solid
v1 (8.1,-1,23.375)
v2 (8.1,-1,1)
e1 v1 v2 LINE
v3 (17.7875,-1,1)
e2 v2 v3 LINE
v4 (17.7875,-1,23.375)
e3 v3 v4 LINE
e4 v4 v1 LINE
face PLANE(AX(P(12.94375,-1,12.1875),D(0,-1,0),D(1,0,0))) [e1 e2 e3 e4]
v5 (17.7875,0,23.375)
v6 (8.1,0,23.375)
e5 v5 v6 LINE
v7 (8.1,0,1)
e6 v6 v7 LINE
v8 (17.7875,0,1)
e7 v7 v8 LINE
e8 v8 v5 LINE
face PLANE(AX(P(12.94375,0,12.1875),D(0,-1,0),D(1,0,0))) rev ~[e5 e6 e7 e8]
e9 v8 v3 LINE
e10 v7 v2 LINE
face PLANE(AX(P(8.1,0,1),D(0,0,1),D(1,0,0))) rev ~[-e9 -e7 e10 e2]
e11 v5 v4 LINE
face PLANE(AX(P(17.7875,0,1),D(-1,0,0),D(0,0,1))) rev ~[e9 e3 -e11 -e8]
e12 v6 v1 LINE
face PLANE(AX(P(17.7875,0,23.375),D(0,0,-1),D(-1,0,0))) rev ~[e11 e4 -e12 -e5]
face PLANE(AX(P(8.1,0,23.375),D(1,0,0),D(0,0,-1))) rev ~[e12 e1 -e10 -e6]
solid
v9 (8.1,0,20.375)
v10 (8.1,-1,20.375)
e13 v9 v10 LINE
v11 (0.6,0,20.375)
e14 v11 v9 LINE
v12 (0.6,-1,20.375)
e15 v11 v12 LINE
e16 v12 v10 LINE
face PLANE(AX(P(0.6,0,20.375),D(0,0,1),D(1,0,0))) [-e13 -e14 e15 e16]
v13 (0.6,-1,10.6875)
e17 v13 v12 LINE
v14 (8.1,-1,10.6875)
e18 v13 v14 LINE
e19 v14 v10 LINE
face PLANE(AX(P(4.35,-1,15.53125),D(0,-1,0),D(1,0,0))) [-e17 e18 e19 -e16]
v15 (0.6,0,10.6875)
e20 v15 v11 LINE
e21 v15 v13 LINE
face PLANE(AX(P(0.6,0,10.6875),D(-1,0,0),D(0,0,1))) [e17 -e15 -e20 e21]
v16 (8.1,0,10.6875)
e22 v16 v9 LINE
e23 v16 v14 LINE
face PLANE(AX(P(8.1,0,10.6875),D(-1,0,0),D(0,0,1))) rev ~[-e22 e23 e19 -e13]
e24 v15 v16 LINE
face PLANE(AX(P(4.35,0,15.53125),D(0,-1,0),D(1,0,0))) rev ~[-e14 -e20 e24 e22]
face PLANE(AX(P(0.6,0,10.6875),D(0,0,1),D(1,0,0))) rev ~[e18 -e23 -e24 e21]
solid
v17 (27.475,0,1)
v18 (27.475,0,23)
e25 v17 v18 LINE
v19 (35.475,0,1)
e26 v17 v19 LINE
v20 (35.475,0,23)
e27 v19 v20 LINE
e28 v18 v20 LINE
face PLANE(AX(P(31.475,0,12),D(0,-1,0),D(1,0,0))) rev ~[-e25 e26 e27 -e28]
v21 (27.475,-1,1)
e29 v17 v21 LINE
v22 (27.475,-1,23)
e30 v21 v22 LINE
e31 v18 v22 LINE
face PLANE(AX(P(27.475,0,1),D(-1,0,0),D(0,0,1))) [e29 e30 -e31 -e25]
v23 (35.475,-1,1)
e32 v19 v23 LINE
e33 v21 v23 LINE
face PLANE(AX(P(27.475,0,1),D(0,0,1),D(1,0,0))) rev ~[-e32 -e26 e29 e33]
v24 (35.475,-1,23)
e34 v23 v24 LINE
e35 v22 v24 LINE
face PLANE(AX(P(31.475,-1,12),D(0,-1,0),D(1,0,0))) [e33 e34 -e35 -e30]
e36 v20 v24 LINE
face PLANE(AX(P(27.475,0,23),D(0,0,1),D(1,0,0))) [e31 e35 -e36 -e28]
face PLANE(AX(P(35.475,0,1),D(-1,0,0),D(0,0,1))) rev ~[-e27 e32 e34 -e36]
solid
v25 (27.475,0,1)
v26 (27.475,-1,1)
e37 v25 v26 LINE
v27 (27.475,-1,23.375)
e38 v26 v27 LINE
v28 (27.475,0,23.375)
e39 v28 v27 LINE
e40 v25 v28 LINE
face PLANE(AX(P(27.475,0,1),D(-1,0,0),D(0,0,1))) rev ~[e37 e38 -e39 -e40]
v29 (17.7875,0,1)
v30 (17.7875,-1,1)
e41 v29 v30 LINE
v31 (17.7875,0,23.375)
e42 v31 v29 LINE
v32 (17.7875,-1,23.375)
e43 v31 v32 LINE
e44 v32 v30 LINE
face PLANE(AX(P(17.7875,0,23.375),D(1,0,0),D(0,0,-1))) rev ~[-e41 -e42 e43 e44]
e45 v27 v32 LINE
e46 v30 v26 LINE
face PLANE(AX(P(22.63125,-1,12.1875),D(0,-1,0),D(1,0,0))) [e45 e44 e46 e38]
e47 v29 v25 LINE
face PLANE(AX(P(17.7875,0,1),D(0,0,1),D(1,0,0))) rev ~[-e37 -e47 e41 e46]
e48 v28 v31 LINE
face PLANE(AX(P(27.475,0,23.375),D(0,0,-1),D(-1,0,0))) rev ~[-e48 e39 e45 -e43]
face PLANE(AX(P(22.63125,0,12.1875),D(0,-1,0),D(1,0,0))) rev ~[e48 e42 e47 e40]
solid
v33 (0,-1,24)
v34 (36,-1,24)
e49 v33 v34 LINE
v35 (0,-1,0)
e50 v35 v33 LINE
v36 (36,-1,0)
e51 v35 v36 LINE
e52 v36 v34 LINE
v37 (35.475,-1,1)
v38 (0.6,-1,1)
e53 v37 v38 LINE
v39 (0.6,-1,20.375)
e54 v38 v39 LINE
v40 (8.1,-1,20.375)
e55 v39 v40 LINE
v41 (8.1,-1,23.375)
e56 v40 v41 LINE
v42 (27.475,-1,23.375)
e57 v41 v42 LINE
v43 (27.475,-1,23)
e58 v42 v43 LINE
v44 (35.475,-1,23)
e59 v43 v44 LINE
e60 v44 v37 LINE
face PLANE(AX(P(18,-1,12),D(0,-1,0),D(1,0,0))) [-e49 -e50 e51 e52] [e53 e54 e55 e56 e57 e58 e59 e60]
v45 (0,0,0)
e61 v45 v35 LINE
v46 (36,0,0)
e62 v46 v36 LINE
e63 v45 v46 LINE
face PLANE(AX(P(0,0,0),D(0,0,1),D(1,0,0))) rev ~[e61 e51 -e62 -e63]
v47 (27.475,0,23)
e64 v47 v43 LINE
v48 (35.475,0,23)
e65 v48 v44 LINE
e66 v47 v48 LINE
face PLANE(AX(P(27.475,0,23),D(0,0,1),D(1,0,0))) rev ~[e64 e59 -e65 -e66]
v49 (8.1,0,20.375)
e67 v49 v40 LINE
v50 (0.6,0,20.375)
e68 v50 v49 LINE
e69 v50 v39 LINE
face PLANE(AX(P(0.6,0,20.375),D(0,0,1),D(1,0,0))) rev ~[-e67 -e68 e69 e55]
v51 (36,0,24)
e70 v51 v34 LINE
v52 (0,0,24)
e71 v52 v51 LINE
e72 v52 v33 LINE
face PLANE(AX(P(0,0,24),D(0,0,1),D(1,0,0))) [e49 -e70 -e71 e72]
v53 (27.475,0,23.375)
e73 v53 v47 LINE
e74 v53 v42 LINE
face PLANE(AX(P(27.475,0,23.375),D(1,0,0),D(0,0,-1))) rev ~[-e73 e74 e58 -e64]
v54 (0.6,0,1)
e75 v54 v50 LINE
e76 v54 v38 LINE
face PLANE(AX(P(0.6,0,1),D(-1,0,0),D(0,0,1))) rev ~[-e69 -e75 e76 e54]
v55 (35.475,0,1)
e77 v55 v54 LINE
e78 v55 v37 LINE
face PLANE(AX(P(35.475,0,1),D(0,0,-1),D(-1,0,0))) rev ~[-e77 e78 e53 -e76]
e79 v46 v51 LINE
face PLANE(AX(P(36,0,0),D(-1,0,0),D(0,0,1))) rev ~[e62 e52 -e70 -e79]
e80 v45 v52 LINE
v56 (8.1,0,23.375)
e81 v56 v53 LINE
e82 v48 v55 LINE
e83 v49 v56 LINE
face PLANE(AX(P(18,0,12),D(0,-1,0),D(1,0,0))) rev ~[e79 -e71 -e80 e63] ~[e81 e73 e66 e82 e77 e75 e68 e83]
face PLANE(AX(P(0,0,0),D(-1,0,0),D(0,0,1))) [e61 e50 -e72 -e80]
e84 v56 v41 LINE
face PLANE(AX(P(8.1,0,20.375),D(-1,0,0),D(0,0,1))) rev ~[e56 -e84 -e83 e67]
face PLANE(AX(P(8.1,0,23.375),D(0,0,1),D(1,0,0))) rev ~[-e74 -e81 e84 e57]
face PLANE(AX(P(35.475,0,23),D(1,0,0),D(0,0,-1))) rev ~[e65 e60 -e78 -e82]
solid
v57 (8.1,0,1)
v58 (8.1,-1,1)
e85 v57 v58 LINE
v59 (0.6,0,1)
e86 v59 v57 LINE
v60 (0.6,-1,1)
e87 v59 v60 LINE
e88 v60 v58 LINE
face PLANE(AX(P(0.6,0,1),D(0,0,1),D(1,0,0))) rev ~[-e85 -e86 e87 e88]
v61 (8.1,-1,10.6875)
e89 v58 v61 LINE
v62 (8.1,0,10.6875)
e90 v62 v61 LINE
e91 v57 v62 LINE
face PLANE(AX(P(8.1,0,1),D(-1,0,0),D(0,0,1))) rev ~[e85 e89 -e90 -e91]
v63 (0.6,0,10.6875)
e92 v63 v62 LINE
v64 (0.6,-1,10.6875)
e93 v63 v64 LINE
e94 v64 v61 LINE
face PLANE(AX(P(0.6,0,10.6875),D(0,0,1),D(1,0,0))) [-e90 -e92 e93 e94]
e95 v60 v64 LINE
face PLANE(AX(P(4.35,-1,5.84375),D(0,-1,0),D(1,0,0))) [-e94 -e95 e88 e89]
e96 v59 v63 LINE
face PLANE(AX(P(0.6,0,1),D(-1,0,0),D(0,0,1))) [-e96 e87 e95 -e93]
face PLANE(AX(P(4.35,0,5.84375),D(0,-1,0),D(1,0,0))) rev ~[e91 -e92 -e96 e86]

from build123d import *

# Parameters (mm, degrees)
F0_W     = 36
F0_H     = 24
F1_DEPTH = 1
F2_DEPTH = 1
F0_W_2   = 7.5
F0_H_2   = 9.6875
F3_DEPTH = 1
F4_DEPTH = 1
F5_DEPTH = 1
F0_W_3   = 8
F0_H_3   = 22
F6_DEPTH = 1


with BuildPart() as f1:
    # F0 (on Front) → F1 (new body)
    with BuildSketch(Plane.XZ):
        with Locations((18, 12)):
            Rectangle(F0_W, F0_H)
        Polygon((0.6, 1), (0.6, 10.6875), (0.6, 20.375), (8.1, 20.375), (8.1, 23.375), (17.7875, 23.375), (27.475, 23.375), (27.475, 23), (35.475, 23), (35.475, 1), (27.475, 1), (17.7875, 1), (8.1, 1), align=None, mode=Mode.SUBTRACT)
    extrude(amount=F1_DEPTH)


with BuildPart() as f2:
    # F0 (on Front) → F2 (new body)
    with BuildSketch(Plane.XZ):
        Polygon((8.1, 20.375), (8.1, 10.6875), (8.1, 1), (17.7875, 1), (17.7875, 23.375), (8.1, 23.375), align=None)
    extrude(amount=F2_DEPTH)


with BuildPart() as f3:
    # F0 (on Front) → F3 (new body)
    with BuildSketch(Plane.XZ):
        with Locations((4.35, 15.53125)):
            Rectangle(F0_W_2, F0_H_2)
    extrude(amount=F3_DEPTH)


with BuildPart() as f4:
    # F0 (on Front) → F4 (new body)
    with BuildSketch(Plane.XZ):
        with Locations((4.35, 5.84375)):
            Rectangle(F0_W_2, F0_H_2)
    extrude(amount=F4_DEPTH)


with BuildPart() as f5:
    # F0 (on Front) → F5 (new body)
    with BuildSketch(Plane.XZ):
        Polygon((17.7875, 23.375), (17.7875, 1), (27.475, 1), (27.475, 23), (27.475, 23.375), align=None)
    extrude(amount=F5_DEPTH)


with BuildPart() as f6:
    # F0 (on Front) → F6 (new body)
    with BuildSketch(Plane.XZ):
        with Locations((31.475, 12)):
            Rectangle(F0_W_3, F0_H_3)
    extrude(amount=F6_DEPTH)


solid = Compound([f1.part, f2.part, f3.part, f4.part, f5.part, f6.part])
